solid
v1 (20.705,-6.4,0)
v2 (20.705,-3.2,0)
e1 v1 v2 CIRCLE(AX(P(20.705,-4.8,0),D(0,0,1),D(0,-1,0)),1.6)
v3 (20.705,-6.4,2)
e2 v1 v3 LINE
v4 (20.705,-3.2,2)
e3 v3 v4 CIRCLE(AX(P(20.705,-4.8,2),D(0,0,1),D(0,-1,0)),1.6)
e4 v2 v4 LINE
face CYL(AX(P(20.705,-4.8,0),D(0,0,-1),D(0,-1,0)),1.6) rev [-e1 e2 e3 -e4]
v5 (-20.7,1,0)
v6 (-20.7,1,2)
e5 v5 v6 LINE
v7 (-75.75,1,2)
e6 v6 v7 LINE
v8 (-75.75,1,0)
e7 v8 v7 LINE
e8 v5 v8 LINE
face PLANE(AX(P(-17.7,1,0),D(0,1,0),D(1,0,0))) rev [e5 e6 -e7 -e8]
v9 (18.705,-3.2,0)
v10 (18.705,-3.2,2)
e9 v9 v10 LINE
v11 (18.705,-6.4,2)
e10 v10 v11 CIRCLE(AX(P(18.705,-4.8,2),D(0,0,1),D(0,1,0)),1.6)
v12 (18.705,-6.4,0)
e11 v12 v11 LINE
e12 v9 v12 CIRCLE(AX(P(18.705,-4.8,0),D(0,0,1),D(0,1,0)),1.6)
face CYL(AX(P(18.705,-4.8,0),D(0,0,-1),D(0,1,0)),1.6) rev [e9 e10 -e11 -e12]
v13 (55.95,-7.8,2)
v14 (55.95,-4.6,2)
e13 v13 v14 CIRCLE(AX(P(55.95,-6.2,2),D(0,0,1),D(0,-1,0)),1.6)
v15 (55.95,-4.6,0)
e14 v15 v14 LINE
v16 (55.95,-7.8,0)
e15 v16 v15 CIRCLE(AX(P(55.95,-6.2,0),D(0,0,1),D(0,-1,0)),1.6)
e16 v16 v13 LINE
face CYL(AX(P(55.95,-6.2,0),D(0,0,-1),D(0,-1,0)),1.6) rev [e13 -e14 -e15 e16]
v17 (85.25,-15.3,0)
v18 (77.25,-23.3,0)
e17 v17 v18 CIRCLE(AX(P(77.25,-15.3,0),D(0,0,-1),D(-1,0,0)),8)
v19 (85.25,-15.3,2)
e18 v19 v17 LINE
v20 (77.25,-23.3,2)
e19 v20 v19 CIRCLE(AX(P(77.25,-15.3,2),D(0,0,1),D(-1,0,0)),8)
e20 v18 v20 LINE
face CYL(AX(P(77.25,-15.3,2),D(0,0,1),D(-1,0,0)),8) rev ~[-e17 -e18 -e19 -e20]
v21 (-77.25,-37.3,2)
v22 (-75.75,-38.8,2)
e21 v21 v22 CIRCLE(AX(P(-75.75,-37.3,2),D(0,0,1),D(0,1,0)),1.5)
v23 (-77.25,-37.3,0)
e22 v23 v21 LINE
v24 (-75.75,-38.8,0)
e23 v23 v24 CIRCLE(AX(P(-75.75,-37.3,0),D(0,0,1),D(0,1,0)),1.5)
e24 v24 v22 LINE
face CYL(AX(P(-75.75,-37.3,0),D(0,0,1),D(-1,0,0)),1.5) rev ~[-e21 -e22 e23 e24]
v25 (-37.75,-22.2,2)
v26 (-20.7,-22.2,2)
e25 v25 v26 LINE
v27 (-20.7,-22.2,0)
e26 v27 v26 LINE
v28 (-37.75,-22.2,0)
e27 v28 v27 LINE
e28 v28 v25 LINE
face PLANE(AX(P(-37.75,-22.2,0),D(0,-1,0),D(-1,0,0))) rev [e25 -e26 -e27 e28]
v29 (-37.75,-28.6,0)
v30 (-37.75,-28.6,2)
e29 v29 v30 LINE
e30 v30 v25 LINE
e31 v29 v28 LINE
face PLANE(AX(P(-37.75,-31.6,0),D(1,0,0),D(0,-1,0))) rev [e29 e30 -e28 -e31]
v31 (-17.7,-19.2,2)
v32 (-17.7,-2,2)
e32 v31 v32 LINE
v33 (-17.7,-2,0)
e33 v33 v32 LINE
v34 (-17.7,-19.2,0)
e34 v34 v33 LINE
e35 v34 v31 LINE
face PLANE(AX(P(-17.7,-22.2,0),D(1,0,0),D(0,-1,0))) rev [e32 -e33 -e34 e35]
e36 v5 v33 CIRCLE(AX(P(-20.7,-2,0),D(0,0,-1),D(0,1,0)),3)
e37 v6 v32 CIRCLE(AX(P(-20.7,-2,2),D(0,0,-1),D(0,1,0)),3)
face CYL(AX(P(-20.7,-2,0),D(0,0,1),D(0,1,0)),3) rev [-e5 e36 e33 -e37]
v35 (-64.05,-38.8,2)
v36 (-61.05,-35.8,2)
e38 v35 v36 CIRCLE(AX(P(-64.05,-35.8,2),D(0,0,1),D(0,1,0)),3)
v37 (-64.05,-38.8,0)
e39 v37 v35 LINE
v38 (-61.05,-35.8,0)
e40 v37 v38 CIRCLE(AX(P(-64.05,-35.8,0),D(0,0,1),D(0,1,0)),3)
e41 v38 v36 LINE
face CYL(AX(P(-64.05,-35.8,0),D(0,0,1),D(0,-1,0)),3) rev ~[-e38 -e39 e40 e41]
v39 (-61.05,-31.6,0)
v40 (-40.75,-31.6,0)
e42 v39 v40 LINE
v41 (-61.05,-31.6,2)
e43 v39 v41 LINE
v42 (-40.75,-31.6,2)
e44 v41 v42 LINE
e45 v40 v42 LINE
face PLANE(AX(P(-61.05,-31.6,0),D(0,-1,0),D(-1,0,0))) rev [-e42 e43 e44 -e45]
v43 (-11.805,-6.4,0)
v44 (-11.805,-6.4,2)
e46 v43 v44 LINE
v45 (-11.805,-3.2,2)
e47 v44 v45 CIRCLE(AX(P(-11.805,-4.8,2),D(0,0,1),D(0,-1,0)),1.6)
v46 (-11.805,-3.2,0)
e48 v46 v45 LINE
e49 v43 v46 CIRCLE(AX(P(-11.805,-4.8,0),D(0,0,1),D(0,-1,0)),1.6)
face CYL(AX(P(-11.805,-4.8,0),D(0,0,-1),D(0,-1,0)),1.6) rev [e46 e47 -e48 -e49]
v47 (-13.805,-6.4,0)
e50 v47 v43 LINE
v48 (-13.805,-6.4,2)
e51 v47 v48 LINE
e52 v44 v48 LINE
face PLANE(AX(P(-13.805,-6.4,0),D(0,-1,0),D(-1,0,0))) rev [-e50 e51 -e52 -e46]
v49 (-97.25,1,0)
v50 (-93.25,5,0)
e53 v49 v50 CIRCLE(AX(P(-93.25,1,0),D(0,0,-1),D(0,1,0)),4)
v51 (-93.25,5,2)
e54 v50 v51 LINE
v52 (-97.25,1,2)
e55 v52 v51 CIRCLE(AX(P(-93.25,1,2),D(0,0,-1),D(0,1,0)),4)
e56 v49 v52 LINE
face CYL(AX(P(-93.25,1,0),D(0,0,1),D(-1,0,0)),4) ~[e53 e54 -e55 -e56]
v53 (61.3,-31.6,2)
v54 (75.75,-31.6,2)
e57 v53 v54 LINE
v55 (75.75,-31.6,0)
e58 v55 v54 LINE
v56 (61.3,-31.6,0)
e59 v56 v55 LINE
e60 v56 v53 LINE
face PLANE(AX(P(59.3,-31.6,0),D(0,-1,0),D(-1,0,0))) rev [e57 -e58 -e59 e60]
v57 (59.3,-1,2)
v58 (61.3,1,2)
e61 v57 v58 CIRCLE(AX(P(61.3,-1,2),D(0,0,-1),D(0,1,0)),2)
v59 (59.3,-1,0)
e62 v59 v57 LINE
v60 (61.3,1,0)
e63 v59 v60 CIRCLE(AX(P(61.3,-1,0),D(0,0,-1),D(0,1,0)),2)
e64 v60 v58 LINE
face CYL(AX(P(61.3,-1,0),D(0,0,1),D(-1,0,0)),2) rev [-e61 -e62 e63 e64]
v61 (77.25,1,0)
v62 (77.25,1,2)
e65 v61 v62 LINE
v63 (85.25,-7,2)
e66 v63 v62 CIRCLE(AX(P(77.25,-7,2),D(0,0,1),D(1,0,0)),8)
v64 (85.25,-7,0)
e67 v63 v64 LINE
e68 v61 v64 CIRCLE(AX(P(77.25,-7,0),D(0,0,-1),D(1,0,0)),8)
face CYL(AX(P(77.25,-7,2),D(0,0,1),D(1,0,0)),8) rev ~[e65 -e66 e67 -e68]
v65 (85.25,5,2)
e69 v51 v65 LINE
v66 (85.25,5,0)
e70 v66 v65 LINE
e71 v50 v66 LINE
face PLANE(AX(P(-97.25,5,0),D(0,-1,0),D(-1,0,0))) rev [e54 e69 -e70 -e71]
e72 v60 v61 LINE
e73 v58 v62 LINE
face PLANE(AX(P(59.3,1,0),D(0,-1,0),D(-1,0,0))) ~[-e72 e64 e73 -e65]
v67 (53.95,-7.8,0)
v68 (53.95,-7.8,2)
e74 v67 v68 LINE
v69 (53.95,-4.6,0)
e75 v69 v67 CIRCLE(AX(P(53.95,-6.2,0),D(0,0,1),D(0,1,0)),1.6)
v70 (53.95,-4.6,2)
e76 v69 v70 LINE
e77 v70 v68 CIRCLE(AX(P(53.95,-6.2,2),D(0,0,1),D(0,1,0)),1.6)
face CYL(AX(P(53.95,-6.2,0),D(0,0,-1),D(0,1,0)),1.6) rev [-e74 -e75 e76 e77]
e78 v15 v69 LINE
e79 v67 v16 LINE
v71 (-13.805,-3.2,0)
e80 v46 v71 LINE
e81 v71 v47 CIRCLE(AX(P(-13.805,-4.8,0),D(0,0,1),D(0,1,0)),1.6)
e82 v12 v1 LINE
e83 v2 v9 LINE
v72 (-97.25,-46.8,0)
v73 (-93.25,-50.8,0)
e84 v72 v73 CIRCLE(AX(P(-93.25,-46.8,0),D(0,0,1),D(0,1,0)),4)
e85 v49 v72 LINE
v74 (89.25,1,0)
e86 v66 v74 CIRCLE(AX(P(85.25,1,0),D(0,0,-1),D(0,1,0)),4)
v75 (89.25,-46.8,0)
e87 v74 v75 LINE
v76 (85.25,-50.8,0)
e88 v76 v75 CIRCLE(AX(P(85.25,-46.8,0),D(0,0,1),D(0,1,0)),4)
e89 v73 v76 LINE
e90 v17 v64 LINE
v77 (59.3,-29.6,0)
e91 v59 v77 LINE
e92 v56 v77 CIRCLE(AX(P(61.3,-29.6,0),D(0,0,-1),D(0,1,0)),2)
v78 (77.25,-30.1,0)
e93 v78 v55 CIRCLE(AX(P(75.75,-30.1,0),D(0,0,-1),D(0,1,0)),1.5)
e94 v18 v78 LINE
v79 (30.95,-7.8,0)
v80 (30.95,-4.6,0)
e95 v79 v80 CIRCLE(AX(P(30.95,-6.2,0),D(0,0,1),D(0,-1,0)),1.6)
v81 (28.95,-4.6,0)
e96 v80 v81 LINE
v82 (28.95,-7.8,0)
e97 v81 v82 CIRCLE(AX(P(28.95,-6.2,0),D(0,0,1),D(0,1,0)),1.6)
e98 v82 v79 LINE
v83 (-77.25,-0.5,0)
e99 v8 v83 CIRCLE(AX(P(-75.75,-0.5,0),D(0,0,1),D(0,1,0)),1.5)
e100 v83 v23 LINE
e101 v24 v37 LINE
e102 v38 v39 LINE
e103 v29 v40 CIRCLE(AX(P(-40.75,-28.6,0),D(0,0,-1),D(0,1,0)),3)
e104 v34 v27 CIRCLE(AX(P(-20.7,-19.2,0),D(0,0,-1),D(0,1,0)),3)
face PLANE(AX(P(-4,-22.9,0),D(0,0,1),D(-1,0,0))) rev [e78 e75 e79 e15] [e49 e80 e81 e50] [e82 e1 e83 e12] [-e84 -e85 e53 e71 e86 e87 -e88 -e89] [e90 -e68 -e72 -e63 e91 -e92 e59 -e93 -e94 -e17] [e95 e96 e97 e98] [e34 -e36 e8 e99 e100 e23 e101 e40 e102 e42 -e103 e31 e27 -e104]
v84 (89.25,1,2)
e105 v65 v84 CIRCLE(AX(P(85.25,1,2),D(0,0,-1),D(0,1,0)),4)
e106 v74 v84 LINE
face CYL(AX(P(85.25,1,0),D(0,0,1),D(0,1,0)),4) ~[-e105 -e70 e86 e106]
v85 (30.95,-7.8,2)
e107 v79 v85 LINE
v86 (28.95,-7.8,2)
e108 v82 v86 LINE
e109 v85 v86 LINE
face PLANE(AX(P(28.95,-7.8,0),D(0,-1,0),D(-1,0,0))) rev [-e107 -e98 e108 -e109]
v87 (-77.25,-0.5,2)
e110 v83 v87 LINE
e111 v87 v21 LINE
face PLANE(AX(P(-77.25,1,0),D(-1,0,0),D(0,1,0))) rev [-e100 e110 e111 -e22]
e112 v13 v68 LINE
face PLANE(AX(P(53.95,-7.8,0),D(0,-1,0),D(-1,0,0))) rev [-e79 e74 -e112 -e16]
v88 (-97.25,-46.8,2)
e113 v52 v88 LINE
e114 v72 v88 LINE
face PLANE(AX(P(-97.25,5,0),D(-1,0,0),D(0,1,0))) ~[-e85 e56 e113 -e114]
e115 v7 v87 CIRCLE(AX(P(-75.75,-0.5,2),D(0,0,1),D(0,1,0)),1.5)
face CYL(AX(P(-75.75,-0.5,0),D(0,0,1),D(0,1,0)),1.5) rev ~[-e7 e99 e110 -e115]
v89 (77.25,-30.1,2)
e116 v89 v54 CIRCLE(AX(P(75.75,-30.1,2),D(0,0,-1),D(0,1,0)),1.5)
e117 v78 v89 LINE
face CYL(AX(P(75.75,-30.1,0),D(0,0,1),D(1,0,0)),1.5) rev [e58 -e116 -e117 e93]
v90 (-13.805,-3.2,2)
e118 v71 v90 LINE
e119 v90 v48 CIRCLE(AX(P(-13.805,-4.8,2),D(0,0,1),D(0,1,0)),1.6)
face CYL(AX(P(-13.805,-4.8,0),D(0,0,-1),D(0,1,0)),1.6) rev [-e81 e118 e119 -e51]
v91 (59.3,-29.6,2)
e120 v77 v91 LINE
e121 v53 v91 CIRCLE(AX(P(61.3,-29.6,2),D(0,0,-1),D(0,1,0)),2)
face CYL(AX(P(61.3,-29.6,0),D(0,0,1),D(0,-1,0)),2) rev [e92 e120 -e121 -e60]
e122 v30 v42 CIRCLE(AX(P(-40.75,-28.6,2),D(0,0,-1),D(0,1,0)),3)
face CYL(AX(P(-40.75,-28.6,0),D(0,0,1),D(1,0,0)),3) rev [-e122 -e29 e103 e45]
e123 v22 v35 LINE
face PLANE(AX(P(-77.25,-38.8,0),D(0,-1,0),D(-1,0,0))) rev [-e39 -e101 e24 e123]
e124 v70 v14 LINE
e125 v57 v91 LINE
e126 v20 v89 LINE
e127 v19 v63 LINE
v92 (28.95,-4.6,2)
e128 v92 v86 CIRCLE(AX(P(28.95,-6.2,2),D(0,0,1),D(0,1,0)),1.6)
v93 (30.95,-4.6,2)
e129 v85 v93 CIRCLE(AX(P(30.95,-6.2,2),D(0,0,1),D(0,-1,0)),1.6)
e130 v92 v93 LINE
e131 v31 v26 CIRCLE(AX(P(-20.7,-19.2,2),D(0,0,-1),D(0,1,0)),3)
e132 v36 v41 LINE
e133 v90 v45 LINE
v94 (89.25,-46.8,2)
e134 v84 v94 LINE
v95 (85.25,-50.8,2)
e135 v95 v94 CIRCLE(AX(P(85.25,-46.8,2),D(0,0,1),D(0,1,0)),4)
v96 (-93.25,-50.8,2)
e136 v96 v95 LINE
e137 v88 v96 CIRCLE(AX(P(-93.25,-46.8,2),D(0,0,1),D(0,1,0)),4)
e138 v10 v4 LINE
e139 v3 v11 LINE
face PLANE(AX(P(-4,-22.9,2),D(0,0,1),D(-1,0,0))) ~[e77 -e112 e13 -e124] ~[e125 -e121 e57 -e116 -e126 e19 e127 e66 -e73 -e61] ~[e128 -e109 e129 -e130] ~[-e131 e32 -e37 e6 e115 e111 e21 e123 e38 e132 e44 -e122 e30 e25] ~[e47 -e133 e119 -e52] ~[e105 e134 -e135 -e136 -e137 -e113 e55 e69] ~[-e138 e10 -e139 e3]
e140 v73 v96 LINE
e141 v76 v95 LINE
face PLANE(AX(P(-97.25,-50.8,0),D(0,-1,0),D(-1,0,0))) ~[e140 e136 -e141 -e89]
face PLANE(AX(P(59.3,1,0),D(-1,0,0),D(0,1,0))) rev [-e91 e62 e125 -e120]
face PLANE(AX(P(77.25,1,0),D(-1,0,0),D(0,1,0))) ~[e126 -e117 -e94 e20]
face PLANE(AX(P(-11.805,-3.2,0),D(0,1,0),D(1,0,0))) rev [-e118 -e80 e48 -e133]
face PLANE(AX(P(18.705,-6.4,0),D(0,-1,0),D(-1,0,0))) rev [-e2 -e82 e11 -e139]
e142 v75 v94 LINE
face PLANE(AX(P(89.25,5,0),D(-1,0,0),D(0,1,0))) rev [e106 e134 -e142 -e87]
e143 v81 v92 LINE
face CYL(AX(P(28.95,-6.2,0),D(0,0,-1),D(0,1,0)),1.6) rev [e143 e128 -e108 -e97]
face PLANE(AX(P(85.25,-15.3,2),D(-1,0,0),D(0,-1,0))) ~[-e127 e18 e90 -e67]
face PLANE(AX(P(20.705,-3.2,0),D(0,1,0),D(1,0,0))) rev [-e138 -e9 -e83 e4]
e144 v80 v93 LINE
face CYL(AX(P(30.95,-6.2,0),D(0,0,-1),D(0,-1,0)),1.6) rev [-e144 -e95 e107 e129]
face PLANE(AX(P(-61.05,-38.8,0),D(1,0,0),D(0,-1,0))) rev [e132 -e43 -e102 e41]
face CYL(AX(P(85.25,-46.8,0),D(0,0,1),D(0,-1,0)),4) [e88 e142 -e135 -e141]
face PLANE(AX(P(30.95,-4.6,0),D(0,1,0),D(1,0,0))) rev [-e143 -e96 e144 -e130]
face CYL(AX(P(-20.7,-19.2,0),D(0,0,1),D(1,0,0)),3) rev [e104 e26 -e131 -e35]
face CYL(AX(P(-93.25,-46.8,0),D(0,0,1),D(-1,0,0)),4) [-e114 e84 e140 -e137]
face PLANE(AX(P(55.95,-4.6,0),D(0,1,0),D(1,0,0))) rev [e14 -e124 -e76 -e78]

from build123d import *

# Parameters (mm, degrees)
SKETCH3_W           = 186.5
SKETCH3_H           = 55.8
SKETCH3_W_2         = 17.95
SKETCH3_H_2         = 32.6
BOSS_EXTRUDE1_DEPTH = 2
CUT_EXTRUDE2_DEPTH  = 110.736969614
CUT_EXTRUDE3_DEPTH  = 110.736969614
FILLET4_R           = 4
FILLET5_R           = 3
FILLET6_R           = 1.5
FILLET7_R           = 2


with BuildPart() as part:
    # Sketch3 → Boss-Extrude1 (new body)
    with BuildSketch(Plane.XY):
        with Locations((-4, 22.9)):
            Rectangle(SKETCH3_W, SKETCH3_H)
        Polygon((-77.25, -1), (-77.25, 38.8), (-61.05, 38.8), (-61.05, 31.6), (-37.75, 31.6), (-37.75, 22.2), (-17.7, 22.2), (-17.7, -1), align=None, mode=Mode.SUBTRACT)
        with Locations((68.275, 15.3)):
            Rectangle(SKETCH3_W_2, SKETCH3_H_2, mode=Mode.SUBTRACT)
    extrude(amount=BOSS_EXTRUDE1_DEPTH)

    # Sketch4 → Cut-Extrude2 (cut, through all)
    with BuildSketch(Plane.XY):
        with BuildLine():
            Line((-13.805, 6.4), (-11.805, 6.4))
            ThreePointArc((-11.805, 6.4), (-10.205, 4.8), (-11.805, 3.2))
            Line((-11.805, 3.2), (-13.805, 3.2))
            ThreePointArc((-13.805, 3.2), (-15.405, 4.8), (-13.805, 6.4))
        make_face()
        with BuildLine():
            Line((18.705, 6.4), (20.705, 6.4))
            ThreePointArc((20.705, 6.4), (22.305, 4.8), (20.705, 3.2))
            Line((20.705, 3.2), (18.705, 3.2))
            ThreePointArc((18.705, 3.2), (17.105, 4.8), (18.705, 6.4))
        make_face()
        with BuildLine():
            Line((28.95, 7.8), (30.95, 7.8))
            ThreePointArc((30.95, 7.8), (32.55, 6.2), (30.95, 4.6))
            Line((30.95, 4.6), (28.95, 4.6))
            ThreePointArc((28.95, 4.6), (27.35, 6.2), (28.95, 7.8))
        make_face()
        with BuildLine():
            Line((53.95, 7.8), (55.95, 7.8))
            ThreePointArc((55.95, 7.8), (57.55, 6.2), (55.95, 4.6))
            Line((55.95, 4.6), (53.95, 4.6))
            ThreePointArc((53.95, 4.6), (52.35, 6.2), (53.95, 7.8))
        make_face()
    extrude(amount=CUT_EXTRUDE2_DEPTH, mode=Mode.SUBTRACT)

    # Sketch5 → Cut-Extrude3 (cut, through all)
    with BuildSketch(Plane.XY.offset(2)):
        with BuildLine():
            Line((85.25, 15.3), (85.25, 7))
            ThreePointArc((85.25, 7), (77.25, -1), (69.25, 7))
            Line((69.25, 7), (69.25, 15.3))
            ThreePointArc((69.25, 15.3), (77.25, 23.3), (85.25, 15.3))
        make_face()
    extrude(amount=-CUT_EXTRUDE3_DEPTH, mode=Mode.SUBTRACT)

    # Fillet4
    fillet4_edges = [part.edges().sort_by_distance(p)[0] for p in [
        (-97.25, 50.8, 1),
        (89.25, 50.8, 1),
        (89.25, -5, 1),
        (-97.25, -5, 1),
    ]]
    fillet(fillet4_edges, radius=FILLET4_R)

    # Fillet5
    fillet5_edges = [part.edges().sort_by_distance(p)[0] for p in [
        (-17.7, -1, 1),
        (-17.7, 22.2, 1),
        (-37.75, 31.6, 1),
        (-61.05, 38.8, 1),
    ]]
    fillet(fillet5_edges, radius=FILLET5_R)

    # Fillet6
    fillet6_edges = [part.edges().sort_by_distance(p)[0] for p in [
        (-77.25, -1, 1),
        (-77.25, 38.8, 1),
        (77.25, 31.6, 1),
    ]]
    fillet(fillet6_edges, radius=FILLET6_R)

    # Fillet7
    fillet7_edges = [part.edges().sort_by_distance(p)[0] for p in [
        (59.3, 31.6, 1),
        (59.3, -1, 1),
    ]]
    fillet(fillet7_edges, radius=FILLET7_R)


with BuildPart() as body_2:
    # Mirror1: mirrored copy
    add(part.part.mirror(Plane.ZX))


solid = body_2.part
